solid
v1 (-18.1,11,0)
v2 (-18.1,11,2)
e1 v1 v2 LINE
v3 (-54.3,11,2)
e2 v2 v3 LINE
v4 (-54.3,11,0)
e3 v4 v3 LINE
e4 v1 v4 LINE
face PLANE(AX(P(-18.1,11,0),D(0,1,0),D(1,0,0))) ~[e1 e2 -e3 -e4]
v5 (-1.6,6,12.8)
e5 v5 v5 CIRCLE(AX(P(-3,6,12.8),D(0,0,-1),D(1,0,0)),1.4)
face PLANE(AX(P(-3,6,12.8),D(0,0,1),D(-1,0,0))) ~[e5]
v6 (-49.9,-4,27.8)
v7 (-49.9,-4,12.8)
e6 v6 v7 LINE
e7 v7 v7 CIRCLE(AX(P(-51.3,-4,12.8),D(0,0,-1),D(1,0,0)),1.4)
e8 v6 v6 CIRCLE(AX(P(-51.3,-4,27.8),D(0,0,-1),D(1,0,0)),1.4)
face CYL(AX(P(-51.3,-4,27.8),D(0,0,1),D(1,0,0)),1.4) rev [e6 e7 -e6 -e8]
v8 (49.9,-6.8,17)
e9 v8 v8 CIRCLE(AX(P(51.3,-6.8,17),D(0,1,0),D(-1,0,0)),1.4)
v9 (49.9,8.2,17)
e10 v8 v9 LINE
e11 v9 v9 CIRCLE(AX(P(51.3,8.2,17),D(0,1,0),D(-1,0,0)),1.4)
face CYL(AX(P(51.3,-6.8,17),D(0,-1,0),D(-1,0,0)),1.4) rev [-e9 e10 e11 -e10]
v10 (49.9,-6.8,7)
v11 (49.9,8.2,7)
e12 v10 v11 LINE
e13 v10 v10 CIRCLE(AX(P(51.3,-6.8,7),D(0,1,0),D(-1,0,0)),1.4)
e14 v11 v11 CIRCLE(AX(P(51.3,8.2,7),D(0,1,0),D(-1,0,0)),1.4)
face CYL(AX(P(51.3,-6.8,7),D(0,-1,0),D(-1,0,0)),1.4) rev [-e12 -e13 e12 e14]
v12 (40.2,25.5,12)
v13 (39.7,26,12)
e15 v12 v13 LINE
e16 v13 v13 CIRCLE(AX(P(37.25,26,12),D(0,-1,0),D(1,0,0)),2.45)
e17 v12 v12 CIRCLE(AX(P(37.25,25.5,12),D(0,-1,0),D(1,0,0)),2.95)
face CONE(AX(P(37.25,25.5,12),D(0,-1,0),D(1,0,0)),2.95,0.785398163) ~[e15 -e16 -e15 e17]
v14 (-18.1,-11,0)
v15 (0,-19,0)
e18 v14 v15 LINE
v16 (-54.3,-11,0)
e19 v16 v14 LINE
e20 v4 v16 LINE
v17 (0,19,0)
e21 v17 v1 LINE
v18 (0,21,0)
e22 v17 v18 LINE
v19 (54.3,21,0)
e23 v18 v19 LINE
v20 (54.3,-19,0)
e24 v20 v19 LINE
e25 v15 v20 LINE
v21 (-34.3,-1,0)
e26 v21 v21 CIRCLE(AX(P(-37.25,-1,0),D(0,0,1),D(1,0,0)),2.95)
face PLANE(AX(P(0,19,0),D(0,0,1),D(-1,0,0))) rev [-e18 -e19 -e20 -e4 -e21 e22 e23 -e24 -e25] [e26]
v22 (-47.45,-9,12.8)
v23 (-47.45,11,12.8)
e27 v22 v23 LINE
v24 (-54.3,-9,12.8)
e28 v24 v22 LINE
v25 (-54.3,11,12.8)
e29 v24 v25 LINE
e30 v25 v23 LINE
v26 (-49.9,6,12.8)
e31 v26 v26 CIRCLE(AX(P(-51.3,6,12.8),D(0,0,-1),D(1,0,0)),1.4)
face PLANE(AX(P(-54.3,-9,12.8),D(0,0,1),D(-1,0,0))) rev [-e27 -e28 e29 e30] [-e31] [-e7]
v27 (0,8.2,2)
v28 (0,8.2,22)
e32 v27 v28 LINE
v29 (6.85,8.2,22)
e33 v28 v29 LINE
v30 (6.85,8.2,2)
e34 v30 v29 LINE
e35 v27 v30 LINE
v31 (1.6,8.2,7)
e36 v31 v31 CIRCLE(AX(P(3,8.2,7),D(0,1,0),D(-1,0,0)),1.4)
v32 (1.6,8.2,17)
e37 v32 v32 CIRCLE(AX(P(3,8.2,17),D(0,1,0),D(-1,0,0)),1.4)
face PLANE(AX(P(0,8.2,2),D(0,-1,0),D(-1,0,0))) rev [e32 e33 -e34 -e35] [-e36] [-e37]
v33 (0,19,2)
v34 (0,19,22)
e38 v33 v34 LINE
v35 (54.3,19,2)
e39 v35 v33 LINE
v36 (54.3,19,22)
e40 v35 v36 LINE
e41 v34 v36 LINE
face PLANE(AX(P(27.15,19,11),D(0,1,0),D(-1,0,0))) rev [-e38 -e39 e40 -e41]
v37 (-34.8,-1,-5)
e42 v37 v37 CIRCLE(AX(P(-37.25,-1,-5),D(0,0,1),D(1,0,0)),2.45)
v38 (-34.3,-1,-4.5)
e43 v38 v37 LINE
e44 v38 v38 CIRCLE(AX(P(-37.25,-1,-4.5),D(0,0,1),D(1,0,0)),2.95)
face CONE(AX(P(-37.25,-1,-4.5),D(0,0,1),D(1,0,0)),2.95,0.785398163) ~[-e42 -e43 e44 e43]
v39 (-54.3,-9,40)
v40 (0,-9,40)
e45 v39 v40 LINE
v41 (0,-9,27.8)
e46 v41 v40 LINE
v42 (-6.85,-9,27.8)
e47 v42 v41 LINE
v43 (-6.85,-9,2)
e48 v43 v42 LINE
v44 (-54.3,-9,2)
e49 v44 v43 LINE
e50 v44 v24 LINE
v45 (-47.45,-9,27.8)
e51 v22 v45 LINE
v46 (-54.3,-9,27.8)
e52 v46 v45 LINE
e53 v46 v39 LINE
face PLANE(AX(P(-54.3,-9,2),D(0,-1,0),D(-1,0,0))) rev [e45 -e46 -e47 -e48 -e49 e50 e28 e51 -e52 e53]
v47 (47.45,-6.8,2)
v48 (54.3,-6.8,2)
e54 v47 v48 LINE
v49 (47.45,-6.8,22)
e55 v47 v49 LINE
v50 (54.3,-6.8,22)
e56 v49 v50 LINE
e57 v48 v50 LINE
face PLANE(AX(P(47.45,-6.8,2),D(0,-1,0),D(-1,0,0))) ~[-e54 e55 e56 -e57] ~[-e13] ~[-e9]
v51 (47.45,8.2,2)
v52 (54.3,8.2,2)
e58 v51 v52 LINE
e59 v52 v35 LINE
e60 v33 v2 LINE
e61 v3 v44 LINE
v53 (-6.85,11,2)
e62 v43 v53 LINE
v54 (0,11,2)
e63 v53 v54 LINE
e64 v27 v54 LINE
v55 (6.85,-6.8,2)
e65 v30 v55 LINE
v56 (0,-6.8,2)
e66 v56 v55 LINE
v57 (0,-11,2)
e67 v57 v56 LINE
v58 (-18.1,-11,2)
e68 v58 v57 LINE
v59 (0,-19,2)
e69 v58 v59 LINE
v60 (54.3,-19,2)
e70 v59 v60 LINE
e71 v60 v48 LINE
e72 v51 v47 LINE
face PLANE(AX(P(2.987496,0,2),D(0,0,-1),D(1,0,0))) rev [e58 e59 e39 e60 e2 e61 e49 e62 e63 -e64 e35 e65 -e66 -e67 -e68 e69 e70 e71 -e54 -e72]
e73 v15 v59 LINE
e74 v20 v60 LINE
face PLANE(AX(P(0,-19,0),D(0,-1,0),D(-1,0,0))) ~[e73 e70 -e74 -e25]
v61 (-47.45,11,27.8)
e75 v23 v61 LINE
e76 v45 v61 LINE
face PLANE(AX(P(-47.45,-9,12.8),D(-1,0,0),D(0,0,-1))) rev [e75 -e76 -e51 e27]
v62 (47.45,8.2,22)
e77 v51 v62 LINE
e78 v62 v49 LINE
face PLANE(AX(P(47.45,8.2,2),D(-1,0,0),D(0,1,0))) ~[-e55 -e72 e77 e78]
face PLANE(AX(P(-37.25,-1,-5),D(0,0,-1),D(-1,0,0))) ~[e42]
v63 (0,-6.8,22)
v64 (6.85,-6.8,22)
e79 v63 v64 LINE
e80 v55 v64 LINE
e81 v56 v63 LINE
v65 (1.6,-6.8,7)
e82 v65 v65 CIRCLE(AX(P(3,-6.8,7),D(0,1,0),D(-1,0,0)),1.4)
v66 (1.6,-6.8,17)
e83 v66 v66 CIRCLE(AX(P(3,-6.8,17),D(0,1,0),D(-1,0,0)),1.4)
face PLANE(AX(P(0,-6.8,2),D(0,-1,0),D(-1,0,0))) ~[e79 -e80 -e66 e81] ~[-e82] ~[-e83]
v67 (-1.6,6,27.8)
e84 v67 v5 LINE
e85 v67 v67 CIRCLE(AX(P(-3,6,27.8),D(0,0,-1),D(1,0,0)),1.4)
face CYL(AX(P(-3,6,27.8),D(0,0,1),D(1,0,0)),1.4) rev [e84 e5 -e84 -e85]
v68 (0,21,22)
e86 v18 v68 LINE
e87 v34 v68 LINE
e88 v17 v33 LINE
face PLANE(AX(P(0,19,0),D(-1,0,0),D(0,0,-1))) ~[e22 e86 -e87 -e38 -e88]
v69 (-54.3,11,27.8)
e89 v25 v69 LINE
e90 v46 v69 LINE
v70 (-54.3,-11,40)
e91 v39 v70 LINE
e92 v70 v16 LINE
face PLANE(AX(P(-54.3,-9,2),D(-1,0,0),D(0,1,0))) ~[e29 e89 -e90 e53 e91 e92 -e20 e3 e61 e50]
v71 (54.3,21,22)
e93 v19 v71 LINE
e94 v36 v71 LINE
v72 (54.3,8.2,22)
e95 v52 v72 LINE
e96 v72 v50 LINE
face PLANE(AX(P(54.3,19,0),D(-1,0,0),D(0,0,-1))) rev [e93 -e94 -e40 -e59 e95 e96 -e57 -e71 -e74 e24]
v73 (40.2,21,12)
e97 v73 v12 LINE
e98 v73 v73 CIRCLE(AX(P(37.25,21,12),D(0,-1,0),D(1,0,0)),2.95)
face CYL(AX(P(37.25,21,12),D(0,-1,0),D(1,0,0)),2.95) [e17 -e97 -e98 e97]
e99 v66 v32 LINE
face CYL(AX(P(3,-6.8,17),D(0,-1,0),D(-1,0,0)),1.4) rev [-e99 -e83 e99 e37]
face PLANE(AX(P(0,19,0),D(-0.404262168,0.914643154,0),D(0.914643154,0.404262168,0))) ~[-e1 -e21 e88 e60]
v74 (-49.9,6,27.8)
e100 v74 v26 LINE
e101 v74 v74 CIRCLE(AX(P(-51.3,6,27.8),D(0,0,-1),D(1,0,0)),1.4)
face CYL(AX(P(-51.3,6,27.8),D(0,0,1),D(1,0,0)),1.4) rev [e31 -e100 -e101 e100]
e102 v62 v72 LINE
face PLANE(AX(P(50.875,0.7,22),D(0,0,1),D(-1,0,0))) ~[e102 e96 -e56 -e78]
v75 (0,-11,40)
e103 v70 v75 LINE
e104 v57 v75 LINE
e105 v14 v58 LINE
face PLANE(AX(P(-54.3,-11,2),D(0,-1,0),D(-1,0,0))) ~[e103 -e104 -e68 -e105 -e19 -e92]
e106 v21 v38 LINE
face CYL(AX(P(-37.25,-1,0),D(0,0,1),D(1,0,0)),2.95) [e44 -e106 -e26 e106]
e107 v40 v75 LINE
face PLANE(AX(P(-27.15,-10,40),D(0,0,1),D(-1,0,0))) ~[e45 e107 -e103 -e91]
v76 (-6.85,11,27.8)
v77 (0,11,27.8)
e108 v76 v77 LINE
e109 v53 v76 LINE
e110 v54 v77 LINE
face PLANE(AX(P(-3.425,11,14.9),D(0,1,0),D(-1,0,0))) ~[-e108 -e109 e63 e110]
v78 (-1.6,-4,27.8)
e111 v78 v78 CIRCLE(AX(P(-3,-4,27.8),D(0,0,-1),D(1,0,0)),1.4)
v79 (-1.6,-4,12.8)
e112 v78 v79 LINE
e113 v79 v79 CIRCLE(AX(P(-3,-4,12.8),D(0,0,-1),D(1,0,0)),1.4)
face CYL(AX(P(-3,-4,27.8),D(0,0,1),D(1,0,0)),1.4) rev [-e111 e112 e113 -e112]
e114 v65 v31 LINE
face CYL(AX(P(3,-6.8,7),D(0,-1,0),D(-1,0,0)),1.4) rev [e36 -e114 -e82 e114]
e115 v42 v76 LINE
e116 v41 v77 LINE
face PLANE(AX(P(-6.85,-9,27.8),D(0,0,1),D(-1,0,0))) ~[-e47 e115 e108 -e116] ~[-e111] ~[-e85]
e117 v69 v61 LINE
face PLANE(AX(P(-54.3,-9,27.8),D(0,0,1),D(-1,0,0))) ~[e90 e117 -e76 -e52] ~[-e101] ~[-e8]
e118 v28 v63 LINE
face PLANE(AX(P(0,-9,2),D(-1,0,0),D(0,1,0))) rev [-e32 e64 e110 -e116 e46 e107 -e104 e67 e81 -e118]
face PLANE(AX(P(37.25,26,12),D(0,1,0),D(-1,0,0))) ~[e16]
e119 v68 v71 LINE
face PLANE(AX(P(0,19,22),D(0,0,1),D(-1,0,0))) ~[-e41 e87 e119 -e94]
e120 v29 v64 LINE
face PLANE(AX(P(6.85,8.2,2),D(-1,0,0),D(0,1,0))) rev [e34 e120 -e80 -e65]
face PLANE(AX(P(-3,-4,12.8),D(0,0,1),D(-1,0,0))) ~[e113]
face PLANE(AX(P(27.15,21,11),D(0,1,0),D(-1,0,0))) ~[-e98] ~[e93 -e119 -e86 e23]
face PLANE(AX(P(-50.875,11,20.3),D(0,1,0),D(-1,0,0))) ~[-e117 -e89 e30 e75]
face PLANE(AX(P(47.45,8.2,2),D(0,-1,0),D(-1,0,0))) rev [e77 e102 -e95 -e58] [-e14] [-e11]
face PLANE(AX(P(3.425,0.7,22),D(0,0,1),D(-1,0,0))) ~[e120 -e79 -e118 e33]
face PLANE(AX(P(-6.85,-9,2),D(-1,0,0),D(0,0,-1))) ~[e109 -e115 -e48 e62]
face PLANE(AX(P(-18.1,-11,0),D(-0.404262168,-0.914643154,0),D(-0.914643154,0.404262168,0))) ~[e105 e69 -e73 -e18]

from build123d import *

# Parameters (mm, degrees)
PAD_DEPTH       = 2
SKETCH002_W     = 54.3
SKETCH002_H     = 22
PAD001_DEPTH    = 2
SKETCH003_R     = 2.95
PAD002_DEPTH    = 5
CHAMFER_SIZE    = 0.5
SKETCH004_W     = 6.85
SKETCH004_H     = 15
PAD003_DEPTH    = 20
SKETCH005_R     = 1.4
POCKET_DEPTH    = 15
SKETCH006_W     = 6.85
SKETCH006_H     = 15
PAD004_DEPTH    = 20
SKETCH007_R     = 1.4
POCKET001_DEPTH = 15
SKETCH008_W     = 54.3
SKETCH008_H     = 2
PAD005_DEPTH    = 38
SKETCH009_W     = 6.85
SKETCH009_H     = 15
PAD006_DEPTH    = 20
SKETCH010_R     = 1.4
POCKET002_DEPTH = 15
SKETCH011_W     = 6.85
SKETCH011_H     = 25.8
PAD007_DEPTH    = 20
SKETCH012_R     = 1.4
POCKET003_DEPTH = 15
SKETCH013_R     = 2.95
PAD008_DEPTH    = 5
CHAMFER001_SIZE = 0.5


with BuildPart() as body:
    # Sketch → Pad (new body)
    with BuildSketch(Plane.XY):
        Polygon((54.3, 19), (54.3, -19), (0, -19), (-18.1, -11), (-54.3, -11), (-54.3, 11), (-18.1, 11), (0, 19), align=None)
    extrude(amount=PAD_DEPTH)

    # Sketch002 (on Face2 of Pad) → Pad001 (join)
    with BuildSketch(Plane.XZ.offset(19)):
        with Locations((27.15, 11)):
            Rectangle(SKETCH002_W, SKETCH002_H)
    extrude(amount=PAD001_DEPTH)

    # Sketch003 (on Face10 of Pad001) → Pad002 (join)
    with BuildSketch(Plane.XZ.offset(21)):
        with Locations((37.25, 12)):
            Circle(SKETCH003_R)
    extrude(amount=PAD002_DEPTH)

    # Chamfer
    chamfer_edges = [body.edges().sort_by_distance(p)[0] for p in [
        (34.3, -26, 12),
    ]]
    chamfer(chamfer_edges, length=CHAMFER_SIZE)

    # Sketch004 (on Face18 of Chamfer) → Pad003 (join)
    with BuildSketch(Plane.XY.offset(2)):
        with Locations((3.425, -0.7)):
            Rectangle(SKETCH004_W, SKETCH004_H)
    extrude(amount=PAD003_DEPTH)

    # Sketch005 (on Face22 of Pad003) → Pocket (cut)
    with BuildSketch(Plane(origin=(0, 6.8, 0), x_dir=(-1, 0, 0), z_dir=(0, 1, 0))):
        with Locations((-3, 17)):
            Circle(SKETCH005_R)
        with Locations((-3, 7)):
            Circle(SKETCH005_R)
    extrude(amount=-POCKET_DEPTH, mode=Mode.SUBTRACT)

    # Sketch006 (on Face18 of Pocket) → Pad004 (join)
    with BuildSketch(Plane.XY.offset(2)):
        with Locations((50.875, -0.7)):
            Rectangle(SKETCH006_W, SKETCH006_H)
    extrude(amount=PAD004_DEPTH)

    # Sketch007 (on Face20 of Pad004) → Pocket001 (cut)
    with BuildSketch(Plane(origin=(0, 6.8, 0), x_dir=(-1, 0, 0), z_dir=(0, 1, 0))):
        with Locations((-51.3, 17)):
            Circle(SKETCH007_R)
        with Locations((-51.3, 7)):
            Circle(SKETCH007_R)
    extrude(amount=-POCKET001_DEPTH, mode=Mode.SUBTRACT)

    # Sketch008 (on Face18 of Pocket001) → Pad005 (join)
    with BuildSketch(Plane.XY.offset(2)):
        with Locations((-27.15, 10)):
            Rectangle(SKETCH008_W, SKETCH008_H)
    extrude(amount=PAD005_DEPTH)

    # Sketch009 (on Face25 of Pad005) → Pad006 (join)
    with BuildSketch(Plane.XZ.offset(-9)):
        with Locations((-50.875, 20.3)):
            Rectangle(SKETCH009_W, SKETCH009_H)
    extrude(amount=PAD006_DEPTH)

    # Sketch010 (on Face38 of Pad006) → Pocket002 (cut)
    with BuildSketch(Plane.XY.offset(27.8)):
        with Locations((-51.3, -6)):
            Circle(SKETCH010_R)
        with Locations((-51.3, 4)):
            Circle(SKETCH010_R)
    extrude(amount=-POCKET002_DEPTH, mode=Mode.SUBTRACT)

    # Sketch011 (on Face25 of Pocket002) → Pad007 (join)
    with BuildSketch(Plane.XZ.offset(-9)):
        with Locations((-3.425, 14.9)):
            Rectangle(SKETCH011_W, SKETCH011_H)
    extrude(amount=PAD007_DEPTH)

    # Sketch012 (on Face41 of Pad007) → Pocket003 (cut)
    with BuildSketch(Plane.XY.offset(27.8)):
        with Locations((-3, -6)):
            Circle(SKETCH012_R)
        with Locations((-3, 4)):
            Circle(SKETCH012_R)
    extrude(amount=-POCKET003_DEPTH, mode=Mode.SUBTRACT)

    # Sketch013 (on Face9 of Pocket003) → Pad008 (join)
    with BuildSketch(Plane(origin=(0, 0, 0), x_dir=(1, 0, 0), z_dir=(0, 0, -1))):
        with Locations((-37.25, -1)):
            Circle(SKETCH013_R)
    extrude(amount=PAD008_DEPTH)

    # Chamfer001
    chamfer001_edges = [body.edges().sort_by_distance(p)[0] for p in [
        (-40.2, 1, -5),
    ]]
    chamfer(chamfer001_edges, length=CHAMFER001_SIZE)


with BuildPart() as part_mirroring:
    # Part__Mirroring: instance of Body
    add(body.part.mirror(Plane(origin=(0, 0, 0), x_dir=(1, 0, 0), z_dir=(0, 1, 0))))


solid = part_mirroring.part
